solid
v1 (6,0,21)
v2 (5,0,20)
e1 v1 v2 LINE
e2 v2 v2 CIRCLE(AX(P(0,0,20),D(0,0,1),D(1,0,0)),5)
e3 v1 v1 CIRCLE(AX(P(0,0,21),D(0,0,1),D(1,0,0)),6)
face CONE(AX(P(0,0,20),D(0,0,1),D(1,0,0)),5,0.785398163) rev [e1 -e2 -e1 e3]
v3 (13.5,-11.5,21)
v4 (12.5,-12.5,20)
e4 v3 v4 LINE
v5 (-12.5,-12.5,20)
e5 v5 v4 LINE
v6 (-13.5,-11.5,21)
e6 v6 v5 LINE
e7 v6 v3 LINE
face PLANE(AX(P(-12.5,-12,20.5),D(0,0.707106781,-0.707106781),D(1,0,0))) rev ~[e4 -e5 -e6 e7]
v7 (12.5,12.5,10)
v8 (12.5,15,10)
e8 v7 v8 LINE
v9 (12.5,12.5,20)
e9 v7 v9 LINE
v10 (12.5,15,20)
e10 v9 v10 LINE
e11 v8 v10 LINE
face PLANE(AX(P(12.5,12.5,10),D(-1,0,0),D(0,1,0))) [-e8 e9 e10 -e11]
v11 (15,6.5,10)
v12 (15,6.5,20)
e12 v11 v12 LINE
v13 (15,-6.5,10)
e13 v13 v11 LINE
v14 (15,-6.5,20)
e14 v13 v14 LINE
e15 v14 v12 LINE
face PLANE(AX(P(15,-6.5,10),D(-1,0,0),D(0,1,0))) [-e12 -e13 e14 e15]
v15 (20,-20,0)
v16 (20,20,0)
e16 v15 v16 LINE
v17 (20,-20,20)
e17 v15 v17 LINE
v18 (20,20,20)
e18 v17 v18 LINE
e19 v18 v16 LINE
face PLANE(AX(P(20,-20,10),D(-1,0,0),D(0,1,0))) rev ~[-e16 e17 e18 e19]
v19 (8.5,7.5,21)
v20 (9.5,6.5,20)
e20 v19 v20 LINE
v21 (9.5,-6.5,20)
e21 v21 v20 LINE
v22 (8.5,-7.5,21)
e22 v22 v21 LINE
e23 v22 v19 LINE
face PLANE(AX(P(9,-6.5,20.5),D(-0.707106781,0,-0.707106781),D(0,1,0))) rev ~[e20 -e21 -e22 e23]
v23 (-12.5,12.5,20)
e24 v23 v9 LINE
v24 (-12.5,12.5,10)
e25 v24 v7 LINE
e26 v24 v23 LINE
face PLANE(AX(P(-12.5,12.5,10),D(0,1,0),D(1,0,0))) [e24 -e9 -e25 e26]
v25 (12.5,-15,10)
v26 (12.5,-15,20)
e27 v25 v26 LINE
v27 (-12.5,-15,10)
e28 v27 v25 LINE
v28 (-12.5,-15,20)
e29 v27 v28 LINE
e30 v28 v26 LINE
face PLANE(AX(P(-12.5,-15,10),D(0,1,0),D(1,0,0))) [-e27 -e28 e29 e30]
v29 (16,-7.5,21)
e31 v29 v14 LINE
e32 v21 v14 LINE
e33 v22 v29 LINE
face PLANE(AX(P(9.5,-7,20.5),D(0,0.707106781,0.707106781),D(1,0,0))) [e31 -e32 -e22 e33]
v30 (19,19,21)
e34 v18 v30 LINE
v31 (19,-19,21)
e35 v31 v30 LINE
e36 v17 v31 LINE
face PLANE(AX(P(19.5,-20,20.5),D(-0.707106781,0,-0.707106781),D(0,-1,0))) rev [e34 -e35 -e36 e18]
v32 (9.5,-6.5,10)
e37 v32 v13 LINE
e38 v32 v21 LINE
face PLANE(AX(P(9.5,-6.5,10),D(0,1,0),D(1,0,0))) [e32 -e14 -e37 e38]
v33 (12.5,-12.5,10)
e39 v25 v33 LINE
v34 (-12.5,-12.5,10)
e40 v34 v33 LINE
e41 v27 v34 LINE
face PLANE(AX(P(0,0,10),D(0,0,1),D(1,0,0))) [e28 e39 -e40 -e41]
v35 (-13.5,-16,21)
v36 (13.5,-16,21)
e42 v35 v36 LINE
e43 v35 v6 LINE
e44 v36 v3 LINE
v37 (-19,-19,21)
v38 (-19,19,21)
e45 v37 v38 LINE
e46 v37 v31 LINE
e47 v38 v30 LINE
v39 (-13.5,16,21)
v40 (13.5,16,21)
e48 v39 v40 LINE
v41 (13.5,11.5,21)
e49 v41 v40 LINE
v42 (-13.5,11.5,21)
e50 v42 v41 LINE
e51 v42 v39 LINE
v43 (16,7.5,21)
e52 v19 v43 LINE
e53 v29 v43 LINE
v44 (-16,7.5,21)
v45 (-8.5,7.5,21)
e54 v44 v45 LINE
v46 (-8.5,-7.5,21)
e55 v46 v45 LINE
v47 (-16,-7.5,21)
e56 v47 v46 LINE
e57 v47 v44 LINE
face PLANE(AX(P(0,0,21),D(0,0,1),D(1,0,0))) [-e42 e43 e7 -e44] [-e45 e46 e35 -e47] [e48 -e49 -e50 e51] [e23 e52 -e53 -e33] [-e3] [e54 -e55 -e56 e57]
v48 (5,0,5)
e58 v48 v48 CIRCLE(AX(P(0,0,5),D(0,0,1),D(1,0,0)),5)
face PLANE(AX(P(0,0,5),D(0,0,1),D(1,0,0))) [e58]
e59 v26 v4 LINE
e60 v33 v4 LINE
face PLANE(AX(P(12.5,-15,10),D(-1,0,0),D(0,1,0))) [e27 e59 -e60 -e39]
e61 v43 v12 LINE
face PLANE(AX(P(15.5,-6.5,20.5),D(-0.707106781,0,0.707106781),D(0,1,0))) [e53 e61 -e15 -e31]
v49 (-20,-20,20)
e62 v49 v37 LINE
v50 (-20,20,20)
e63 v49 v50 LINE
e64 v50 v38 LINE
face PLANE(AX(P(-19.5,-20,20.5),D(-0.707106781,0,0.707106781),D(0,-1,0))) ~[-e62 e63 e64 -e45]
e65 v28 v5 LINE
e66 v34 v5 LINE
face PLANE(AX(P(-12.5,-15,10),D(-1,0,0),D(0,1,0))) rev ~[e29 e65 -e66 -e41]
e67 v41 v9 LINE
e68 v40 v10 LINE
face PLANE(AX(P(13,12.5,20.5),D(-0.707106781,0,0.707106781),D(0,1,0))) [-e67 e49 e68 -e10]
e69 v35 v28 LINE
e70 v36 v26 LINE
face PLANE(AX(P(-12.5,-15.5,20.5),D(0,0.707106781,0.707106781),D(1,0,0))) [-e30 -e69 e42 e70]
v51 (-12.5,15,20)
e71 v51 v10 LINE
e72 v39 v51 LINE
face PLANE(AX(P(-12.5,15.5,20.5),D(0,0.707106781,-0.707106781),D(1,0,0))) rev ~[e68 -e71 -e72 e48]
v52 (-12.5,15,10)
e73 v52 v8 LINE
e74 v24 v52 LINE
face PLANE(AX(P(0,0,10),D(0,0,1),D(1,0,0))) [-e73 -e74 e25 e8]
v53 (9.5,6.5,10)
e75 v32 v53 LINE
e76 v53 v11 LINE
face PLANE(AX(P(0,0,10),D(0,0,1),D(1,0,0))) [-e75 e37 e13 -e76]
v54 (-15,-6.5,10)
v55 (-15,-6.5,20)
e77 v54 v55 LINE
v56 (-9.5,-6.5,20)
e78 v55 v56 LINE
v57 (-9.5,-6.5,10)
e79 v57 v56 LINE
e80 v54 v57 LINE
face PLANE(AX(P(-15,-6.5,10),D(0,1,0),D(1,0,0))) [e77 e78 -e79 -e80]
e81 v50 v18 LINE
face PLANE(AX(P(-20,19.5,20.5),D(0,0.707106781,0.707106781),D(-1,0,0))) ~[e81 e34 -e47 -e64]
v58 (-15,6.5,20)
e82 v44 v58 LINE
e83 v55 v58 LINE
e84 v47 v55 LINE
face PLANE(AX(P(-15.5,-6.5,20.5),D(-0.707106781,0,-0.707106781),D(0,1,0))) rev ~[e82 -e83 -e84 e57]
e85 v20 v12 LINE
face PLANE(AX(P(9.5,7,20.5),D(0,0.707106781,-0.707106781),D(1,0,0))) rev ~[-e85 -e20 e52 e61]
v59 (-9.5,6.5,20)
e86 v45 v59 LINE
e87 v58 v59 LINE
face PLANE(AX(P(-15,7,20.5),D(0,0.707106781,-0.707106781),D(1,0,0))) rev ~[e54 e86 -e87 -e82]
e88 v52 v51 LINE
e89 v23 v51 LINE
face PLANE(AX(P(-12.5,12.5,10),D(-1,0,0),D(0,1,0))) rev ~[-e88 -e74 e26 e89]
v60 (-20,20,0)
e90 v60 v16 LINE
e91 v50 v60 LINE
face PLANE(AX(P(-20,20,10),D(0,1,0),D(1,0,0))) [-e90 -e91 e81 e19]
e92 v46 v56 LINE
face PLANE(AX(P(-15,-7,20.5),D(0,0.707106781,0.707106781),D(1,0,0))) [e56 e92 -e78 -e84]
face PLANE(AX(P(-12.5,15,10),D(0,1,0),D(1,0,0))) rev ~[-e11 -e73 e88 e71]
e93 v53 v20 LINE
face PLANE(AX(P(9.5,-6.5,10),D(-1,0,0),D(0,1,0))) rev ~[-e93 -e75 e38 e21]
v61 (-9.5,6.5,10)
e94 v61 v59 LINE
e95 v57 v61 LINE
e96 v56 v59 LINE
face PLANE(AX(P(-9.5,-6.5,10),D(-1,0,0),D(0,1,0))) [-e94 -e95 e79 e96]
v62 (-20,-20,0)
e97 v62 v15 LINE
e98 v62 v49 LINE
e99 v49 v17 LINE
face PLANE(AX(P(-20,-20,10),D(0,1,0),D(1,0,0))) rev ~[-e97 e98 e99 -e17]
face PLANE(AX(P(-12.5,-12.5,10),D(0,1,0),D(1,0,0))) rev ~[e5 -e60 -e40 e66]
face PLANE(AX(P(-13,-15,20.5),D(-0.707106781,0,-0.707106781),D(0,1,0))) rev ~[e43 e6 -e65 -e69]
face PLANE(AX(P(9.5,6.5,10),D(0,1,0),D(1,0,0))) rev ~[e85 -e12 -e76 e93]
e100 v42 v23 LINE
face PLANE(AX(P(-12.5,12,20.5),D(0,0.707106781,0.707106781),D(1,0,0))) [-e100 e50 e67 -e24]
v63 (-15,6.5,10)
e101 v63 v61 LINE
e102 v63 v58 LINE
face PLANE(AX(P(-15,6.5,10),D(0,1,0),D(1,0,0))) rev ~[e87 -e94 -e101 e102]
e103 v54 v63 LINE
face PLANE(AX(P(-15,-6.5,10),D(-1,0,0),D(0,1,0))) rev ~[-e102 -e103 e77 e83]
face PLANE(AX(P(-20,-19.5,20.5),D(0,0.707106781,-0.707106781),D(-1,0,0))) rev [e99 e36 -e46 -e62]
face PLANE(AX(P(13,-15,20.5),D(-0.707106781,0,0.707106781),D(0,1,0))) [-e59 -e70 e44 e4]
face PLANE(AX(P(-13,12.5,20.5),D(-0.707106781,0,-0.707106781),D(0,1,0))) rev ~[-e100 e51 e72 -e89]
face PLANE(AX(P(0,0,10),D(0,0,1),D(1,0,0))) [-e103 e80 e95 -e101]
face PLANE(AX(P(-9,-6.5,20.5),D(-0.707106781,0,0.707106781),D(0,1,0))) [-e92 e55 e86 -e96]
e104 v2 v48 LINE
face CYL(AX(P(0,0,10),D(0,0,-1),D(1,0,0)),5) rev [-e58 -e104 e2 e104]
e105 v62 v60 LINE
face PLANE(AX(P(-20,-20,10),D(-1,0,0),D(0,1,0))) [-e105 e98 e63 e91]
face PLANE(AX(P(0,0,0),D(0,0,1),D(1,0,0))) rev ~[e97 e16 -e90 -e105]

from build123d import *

# Parameters (mm, degrees)
F0_W     = 40
F0_H     = 40
F1_DEPTH = 10
F2_W     = 40
F2_H     = 40
F2_W_2   = 25
F2_H_2   = 2.5
F2_W_3   = 5.5
F2_H_3   = 13
F2_R     = 5
F3_DEPTH = 11
F4_DEPTH = 5
F5_SIZE  = 1


with BuildPart() as f1:
    # F0 (on Top) → F1 (new body)
    with BuildSketch(Plane.XY):
        Rectangle(F0_W, F0_H)
    extrude(amount=F1_DEPTH)

    # F2 (on face) → F3 (join)
    with BuildSketch(Plane.XY.offset(10)):
        Rectangle(F2_W, F2_H)
        with Locations((0, -13.75)):
            Rectangle(F2_W_2, F2_H_2, mode=Mode.SUBTRACT)
        with Locations((-12.25, 0)):
            Rectangle(F2_W_3, F2_H_3, mode=Mode.SUBTRACT)
        Circle(F2_R, mode=Mode.SUBTRACT)
        with Locations((12.25, 0)):
            Rectangle(F2_W_3, F2_H_3, mode=Mode.SUBTRACT)
        with Locations((0, 13.75)):
            Rectangle(F2_W_2, F2_H_2, mode=Mode.SUBTRACT)
    extrude(amount=F3_DEPTH)

    # F4 (cut): a face of the model
    f4_faces = [f1.faces().sort_by_distance(p)[0] for p in [
        (0, 0, 10),
    ]]
    extrude(f4_faces, amount=-F4_DEPTH, mode=Mode.SUBTRACT)

    # F5
    f5_edges = [f1.edges().sort_by_distance(p)[0] for p in [
        (0, -20, 21),
        (20, 0, 21),
        (0, 20, 21),
        (-20, 0, 21),
        (0, -12.5, 21),
        (12.5, -13.75, 21),
        (0, -15, 21),
        (-12.5, -13.75, 21),
        (-12.25, 6.5, 21),
        (-9.5, 0, 21),
        (-12.25, -6.5, 21),
        (-15, 0, 21),
        (-5, 0, 21),
        (12.25, 6.5, 21),
        (15, 0, 21),
        (12.25, -6.5, 21),
        (9.5, 0, 21),
        (0, 15, 21),
        (12.5, 13.75, 21),
        (0, 12.5, 21),
        (-12.5, 13.75, 21),
    ]]
    chamfer(f5_edges, length=F5_SIZE)


solid = f1.part
